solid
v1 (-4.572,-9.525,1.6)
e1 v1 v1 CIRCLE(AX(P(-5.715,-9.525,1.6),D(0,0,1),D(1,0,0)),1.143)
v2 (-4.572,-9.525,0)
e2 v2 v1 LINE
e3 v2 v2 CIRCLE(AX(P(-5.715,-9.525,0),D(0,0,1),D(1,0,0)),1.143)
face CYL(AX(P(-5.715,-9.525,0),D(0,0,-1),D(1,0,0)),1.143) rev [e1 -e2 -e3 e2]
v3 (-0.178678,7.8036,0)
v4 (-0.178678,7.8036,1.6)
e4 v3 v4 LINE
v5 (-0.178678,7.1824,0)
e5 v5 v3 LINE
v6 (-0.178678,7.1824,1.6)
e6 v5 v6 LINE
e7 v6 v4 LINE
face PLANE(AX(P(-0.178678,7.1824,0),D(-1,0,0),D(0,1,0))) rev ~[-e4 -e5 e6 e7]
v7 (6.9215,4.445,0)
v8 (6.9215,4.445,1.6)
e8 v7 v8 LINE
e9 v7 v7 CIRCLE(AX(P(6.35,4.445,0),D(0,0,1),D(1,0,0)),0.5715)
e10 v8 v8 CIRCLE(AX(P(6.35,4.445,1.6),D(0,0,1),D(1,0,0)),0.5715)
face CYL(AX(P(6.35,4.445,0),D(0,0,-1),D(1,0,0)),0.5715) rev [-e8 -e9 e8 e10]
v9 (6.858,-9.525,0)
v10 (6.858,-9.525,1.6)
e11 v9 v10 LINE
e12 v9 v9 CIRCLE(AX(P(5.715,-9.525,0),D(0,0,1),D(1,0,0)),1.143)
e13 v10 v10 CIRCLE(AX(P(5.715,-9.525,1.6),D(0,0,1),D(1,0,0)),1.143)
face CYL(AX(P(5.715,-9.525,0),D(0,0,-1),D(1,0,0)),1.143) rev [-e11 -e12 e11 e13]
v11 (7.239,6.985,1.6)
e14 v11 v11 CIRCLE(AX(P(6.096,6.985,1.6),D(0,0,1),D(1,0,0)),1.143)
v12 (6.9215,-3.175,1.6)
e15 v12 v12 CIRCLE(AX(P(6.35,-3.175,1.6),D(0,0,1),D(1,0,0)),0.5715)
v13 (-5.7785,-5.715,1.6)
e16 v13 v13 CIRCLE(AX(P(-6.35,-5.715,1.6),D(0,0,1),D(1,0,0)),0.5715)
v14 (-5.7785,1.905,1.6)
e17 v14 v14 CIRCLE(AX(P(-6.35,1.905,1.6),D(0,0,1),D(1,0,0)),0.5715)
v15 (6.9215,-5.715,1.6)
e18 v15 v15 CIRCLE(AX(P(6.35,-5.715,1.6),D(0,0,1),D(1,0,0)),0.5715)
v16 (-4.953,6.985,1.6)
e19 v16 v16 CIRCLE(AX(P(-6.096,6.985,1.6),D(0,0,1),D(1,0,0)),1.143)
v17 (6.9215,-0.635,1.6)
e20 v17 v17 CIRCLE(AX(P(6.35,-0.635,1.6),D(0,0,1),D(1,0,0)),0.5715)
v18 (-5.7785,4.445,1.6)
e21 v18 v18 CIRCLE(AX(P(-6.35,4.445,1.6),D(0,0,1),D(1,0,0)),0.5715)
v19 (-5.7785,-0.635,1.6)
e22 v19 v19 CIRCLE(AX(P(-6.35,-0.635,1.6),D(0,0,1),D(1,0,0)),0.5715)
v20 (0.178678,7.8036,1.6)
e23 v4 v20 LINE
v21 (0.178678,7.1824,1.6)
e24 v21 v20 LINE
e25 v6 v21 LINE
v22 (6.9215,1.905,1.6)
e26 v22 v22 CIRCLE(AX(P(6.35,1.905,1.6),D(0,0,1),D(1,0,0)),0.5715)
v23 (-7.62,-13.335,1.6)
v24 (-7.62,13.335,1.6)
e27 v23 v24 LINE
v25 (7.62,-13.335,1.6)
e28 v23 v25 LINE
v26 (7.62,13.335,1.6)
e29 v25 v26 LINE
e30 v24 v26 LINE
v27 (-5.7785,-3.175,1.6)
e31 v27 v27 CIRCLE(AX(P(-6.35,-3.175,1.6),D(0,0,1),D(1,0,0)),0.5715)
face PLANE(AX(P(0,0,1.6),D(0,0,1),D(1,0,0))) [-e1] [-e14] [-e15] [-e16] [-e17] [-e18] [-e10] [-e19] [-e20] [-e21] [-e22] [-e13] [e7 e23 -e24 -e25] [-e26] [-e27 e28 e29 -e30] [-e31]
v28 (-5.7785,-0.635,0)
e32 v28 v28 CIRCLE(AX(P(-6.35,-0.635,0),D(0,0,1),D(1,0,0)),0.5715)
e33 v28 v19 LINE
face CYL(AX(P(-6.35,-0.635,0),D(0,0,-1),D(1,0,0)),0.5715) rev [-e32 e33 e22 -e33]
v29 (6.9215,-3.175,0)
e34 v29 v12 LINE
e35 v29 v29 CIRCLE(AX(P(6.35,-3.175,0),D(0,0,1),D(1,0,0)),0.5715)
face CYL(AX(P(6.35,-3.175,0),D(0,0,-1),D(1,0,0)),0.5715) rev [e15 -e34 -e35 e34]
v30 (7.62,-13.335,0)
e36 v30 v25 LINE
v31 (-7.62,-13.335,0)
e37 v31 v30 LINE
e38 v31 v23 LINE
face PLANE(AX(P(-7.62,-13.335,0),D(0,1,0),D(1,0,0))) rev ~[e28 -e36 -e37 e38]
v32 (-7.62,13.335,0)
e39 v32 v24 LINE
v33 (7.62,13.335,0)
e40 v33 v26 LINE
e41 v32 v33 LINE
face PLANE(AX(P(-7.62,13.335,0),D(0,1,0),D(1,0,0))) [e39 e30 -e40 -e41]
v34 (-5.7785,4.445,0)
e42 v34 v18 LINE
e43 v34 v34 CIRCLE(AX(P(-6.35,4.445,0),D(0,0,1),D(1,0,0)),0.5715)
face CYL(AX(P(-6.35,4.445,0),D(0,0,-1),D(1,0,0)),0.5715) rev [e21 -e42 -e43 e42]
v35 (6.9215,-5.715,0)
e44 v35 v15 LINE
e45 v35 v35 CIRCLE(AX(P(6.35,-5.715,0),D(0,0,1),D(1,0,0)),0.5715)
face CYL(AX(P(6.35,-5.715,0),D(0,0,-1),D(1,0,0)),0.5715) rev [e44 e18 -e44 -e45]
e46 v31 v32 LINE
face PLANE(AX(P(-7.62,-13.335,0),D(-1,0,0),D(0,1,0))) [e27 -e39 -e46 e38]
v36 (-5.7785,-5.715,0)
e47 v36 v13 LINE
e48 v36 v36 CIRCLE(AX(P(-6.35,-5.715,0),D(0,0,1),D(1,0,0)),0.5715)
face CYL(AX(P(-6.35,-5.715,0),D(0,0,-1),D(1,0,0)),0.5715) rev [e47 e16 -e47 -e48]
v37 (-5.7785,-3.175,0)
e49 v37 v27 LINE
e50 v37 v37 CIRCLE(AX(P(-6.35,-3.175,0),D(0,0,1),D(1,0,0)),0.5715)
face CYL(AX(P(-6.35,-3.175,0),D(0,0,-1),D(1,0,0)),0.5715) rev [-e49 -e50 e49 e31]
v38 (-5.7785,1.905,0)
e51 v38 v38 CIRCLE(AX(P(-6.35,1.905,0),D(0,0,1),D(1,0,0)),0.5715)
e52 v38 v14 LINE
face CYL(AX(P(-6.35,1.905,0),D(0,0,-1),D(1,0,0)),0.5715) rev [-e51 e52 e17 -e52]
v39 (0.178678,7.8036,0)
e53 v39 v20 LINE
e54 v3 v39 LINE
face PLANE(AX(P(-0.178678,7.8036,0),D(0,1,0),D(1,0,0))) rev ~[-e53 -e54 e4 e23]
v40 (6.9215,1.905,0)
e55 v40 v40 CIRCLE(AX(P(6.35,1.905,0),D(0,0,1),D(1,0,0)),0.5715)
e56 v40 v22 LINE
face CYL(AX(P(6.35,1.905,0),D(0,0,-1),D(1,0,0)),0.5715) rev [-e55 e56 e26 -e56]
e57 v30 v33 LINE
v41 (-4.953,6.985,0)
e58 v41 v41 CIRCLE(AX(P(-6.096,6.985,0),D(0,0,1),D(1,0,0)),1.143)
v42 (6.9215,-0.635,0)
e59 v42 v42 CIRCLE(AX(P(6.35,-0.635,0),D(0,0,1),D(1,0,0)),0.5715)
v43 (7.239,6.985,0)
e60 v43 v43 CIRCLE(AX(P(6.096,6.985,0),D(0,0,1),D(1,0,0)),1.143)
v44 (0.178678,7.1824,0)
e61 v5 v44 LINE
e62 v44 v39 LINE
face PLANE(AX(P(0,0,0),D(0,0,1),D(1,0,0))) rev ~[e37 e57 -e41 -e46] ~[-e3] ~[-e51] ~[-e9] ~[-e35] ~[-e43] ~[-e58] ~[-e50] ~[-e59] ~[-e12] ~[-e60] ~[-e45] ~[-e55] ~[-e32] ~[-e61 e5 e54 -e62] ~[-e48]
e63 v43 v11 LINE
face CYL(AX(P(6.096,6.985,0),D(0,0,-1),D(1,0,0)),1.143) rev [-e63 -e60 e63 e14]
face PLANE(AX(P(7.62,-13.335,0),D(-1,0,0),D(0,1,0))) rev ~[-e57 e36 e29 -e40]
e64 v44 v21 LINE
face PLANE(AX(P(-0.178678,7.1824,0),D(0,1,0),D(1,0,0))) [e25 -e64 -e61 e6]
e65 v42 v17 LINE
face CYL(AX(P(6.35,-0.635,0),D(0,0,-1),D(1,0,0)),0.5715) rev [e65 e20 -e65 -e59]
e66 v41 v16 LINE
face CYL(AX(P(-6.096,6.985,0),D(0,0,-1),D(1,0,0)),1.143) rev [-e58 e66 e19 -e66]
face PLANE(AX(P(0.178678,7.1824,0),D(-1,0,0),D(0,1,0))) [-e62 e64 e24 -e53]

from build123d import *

# Parameters (mm, degrees)
F0_W     = 15.24
F0_H     = 26.67
F0_R     = 1.143
F0_R_2   = 0.5715
F0_W_2   = 0.357356
F0_H_2   = 0.6212
F1_DEPTH = 1.6


with BuildPart() as f1:
    # F0 (on Top) → F1 (new body)
    with BuildSketch(Plane.XY):
        Rectangle(F0_W, F0_H)
        with Locations((-5.715, -9.525)):
            Circle(F0_R, mode=Mode.SUBTRACT)
        with Locations((-6.35, -5.715)):
            Circle(F0_R_2, mode=Mode.SUBTRACT)
        with Locations((-6.35, -3.175)):
            Circle(F0_R_2, mode=Mode.SUBTRACT)
        with Locations((-6.35, -0.635)):
            Circle(F0_R_2, mode=Mode.SUBTRACT)
        with Locations((5.715, -9.525)):
            Circle(F0_R, mode=Mode.SUBTRACT)
        with Locations((6.35, -5.715)):
            Circle(F0_R_2, mode=Mode.SUBTRACT)
        with Locations((6.35, -3.175)):
            Circle(F0_R_2, mode=Mode.SUBTRACT)
        with Locations((6.35, -0.635)):
            Circle(F0_R_2, mode=Mode.SUBTRACT)
        with Locations((-6.35, 1.905)):
            Circle(F0_R_2, mode=Mode.SUBTRACT)
        with Locations((-6.35, 4.445)):
            Circle(F0_R_2, mode=Mode.SUBTRACT)
        with Locations((-6.096, 6.985)):
            Circle(F0_R, mode=Mode.SUBTRACT)
        with Locations((6.35, 1.905)):
            Circle(F0_R_2, mode=Mode.SUBTRACT)
        with Locations((6.35, 4.445)):
            Circle(F0_R_2, mode=Mode.SUBTRACT)
        with Locations((0, 7.493)):
            Rectangle(F0_W_2, F0_H_2, mode=Mode.SUBTRACT)
        with Locations((6.096, 6.985)):
            Circle(F0_R, mode=Mode.SUBTRACT)
    extrude(amount=F1_DEPTH)


solid = f1.part
